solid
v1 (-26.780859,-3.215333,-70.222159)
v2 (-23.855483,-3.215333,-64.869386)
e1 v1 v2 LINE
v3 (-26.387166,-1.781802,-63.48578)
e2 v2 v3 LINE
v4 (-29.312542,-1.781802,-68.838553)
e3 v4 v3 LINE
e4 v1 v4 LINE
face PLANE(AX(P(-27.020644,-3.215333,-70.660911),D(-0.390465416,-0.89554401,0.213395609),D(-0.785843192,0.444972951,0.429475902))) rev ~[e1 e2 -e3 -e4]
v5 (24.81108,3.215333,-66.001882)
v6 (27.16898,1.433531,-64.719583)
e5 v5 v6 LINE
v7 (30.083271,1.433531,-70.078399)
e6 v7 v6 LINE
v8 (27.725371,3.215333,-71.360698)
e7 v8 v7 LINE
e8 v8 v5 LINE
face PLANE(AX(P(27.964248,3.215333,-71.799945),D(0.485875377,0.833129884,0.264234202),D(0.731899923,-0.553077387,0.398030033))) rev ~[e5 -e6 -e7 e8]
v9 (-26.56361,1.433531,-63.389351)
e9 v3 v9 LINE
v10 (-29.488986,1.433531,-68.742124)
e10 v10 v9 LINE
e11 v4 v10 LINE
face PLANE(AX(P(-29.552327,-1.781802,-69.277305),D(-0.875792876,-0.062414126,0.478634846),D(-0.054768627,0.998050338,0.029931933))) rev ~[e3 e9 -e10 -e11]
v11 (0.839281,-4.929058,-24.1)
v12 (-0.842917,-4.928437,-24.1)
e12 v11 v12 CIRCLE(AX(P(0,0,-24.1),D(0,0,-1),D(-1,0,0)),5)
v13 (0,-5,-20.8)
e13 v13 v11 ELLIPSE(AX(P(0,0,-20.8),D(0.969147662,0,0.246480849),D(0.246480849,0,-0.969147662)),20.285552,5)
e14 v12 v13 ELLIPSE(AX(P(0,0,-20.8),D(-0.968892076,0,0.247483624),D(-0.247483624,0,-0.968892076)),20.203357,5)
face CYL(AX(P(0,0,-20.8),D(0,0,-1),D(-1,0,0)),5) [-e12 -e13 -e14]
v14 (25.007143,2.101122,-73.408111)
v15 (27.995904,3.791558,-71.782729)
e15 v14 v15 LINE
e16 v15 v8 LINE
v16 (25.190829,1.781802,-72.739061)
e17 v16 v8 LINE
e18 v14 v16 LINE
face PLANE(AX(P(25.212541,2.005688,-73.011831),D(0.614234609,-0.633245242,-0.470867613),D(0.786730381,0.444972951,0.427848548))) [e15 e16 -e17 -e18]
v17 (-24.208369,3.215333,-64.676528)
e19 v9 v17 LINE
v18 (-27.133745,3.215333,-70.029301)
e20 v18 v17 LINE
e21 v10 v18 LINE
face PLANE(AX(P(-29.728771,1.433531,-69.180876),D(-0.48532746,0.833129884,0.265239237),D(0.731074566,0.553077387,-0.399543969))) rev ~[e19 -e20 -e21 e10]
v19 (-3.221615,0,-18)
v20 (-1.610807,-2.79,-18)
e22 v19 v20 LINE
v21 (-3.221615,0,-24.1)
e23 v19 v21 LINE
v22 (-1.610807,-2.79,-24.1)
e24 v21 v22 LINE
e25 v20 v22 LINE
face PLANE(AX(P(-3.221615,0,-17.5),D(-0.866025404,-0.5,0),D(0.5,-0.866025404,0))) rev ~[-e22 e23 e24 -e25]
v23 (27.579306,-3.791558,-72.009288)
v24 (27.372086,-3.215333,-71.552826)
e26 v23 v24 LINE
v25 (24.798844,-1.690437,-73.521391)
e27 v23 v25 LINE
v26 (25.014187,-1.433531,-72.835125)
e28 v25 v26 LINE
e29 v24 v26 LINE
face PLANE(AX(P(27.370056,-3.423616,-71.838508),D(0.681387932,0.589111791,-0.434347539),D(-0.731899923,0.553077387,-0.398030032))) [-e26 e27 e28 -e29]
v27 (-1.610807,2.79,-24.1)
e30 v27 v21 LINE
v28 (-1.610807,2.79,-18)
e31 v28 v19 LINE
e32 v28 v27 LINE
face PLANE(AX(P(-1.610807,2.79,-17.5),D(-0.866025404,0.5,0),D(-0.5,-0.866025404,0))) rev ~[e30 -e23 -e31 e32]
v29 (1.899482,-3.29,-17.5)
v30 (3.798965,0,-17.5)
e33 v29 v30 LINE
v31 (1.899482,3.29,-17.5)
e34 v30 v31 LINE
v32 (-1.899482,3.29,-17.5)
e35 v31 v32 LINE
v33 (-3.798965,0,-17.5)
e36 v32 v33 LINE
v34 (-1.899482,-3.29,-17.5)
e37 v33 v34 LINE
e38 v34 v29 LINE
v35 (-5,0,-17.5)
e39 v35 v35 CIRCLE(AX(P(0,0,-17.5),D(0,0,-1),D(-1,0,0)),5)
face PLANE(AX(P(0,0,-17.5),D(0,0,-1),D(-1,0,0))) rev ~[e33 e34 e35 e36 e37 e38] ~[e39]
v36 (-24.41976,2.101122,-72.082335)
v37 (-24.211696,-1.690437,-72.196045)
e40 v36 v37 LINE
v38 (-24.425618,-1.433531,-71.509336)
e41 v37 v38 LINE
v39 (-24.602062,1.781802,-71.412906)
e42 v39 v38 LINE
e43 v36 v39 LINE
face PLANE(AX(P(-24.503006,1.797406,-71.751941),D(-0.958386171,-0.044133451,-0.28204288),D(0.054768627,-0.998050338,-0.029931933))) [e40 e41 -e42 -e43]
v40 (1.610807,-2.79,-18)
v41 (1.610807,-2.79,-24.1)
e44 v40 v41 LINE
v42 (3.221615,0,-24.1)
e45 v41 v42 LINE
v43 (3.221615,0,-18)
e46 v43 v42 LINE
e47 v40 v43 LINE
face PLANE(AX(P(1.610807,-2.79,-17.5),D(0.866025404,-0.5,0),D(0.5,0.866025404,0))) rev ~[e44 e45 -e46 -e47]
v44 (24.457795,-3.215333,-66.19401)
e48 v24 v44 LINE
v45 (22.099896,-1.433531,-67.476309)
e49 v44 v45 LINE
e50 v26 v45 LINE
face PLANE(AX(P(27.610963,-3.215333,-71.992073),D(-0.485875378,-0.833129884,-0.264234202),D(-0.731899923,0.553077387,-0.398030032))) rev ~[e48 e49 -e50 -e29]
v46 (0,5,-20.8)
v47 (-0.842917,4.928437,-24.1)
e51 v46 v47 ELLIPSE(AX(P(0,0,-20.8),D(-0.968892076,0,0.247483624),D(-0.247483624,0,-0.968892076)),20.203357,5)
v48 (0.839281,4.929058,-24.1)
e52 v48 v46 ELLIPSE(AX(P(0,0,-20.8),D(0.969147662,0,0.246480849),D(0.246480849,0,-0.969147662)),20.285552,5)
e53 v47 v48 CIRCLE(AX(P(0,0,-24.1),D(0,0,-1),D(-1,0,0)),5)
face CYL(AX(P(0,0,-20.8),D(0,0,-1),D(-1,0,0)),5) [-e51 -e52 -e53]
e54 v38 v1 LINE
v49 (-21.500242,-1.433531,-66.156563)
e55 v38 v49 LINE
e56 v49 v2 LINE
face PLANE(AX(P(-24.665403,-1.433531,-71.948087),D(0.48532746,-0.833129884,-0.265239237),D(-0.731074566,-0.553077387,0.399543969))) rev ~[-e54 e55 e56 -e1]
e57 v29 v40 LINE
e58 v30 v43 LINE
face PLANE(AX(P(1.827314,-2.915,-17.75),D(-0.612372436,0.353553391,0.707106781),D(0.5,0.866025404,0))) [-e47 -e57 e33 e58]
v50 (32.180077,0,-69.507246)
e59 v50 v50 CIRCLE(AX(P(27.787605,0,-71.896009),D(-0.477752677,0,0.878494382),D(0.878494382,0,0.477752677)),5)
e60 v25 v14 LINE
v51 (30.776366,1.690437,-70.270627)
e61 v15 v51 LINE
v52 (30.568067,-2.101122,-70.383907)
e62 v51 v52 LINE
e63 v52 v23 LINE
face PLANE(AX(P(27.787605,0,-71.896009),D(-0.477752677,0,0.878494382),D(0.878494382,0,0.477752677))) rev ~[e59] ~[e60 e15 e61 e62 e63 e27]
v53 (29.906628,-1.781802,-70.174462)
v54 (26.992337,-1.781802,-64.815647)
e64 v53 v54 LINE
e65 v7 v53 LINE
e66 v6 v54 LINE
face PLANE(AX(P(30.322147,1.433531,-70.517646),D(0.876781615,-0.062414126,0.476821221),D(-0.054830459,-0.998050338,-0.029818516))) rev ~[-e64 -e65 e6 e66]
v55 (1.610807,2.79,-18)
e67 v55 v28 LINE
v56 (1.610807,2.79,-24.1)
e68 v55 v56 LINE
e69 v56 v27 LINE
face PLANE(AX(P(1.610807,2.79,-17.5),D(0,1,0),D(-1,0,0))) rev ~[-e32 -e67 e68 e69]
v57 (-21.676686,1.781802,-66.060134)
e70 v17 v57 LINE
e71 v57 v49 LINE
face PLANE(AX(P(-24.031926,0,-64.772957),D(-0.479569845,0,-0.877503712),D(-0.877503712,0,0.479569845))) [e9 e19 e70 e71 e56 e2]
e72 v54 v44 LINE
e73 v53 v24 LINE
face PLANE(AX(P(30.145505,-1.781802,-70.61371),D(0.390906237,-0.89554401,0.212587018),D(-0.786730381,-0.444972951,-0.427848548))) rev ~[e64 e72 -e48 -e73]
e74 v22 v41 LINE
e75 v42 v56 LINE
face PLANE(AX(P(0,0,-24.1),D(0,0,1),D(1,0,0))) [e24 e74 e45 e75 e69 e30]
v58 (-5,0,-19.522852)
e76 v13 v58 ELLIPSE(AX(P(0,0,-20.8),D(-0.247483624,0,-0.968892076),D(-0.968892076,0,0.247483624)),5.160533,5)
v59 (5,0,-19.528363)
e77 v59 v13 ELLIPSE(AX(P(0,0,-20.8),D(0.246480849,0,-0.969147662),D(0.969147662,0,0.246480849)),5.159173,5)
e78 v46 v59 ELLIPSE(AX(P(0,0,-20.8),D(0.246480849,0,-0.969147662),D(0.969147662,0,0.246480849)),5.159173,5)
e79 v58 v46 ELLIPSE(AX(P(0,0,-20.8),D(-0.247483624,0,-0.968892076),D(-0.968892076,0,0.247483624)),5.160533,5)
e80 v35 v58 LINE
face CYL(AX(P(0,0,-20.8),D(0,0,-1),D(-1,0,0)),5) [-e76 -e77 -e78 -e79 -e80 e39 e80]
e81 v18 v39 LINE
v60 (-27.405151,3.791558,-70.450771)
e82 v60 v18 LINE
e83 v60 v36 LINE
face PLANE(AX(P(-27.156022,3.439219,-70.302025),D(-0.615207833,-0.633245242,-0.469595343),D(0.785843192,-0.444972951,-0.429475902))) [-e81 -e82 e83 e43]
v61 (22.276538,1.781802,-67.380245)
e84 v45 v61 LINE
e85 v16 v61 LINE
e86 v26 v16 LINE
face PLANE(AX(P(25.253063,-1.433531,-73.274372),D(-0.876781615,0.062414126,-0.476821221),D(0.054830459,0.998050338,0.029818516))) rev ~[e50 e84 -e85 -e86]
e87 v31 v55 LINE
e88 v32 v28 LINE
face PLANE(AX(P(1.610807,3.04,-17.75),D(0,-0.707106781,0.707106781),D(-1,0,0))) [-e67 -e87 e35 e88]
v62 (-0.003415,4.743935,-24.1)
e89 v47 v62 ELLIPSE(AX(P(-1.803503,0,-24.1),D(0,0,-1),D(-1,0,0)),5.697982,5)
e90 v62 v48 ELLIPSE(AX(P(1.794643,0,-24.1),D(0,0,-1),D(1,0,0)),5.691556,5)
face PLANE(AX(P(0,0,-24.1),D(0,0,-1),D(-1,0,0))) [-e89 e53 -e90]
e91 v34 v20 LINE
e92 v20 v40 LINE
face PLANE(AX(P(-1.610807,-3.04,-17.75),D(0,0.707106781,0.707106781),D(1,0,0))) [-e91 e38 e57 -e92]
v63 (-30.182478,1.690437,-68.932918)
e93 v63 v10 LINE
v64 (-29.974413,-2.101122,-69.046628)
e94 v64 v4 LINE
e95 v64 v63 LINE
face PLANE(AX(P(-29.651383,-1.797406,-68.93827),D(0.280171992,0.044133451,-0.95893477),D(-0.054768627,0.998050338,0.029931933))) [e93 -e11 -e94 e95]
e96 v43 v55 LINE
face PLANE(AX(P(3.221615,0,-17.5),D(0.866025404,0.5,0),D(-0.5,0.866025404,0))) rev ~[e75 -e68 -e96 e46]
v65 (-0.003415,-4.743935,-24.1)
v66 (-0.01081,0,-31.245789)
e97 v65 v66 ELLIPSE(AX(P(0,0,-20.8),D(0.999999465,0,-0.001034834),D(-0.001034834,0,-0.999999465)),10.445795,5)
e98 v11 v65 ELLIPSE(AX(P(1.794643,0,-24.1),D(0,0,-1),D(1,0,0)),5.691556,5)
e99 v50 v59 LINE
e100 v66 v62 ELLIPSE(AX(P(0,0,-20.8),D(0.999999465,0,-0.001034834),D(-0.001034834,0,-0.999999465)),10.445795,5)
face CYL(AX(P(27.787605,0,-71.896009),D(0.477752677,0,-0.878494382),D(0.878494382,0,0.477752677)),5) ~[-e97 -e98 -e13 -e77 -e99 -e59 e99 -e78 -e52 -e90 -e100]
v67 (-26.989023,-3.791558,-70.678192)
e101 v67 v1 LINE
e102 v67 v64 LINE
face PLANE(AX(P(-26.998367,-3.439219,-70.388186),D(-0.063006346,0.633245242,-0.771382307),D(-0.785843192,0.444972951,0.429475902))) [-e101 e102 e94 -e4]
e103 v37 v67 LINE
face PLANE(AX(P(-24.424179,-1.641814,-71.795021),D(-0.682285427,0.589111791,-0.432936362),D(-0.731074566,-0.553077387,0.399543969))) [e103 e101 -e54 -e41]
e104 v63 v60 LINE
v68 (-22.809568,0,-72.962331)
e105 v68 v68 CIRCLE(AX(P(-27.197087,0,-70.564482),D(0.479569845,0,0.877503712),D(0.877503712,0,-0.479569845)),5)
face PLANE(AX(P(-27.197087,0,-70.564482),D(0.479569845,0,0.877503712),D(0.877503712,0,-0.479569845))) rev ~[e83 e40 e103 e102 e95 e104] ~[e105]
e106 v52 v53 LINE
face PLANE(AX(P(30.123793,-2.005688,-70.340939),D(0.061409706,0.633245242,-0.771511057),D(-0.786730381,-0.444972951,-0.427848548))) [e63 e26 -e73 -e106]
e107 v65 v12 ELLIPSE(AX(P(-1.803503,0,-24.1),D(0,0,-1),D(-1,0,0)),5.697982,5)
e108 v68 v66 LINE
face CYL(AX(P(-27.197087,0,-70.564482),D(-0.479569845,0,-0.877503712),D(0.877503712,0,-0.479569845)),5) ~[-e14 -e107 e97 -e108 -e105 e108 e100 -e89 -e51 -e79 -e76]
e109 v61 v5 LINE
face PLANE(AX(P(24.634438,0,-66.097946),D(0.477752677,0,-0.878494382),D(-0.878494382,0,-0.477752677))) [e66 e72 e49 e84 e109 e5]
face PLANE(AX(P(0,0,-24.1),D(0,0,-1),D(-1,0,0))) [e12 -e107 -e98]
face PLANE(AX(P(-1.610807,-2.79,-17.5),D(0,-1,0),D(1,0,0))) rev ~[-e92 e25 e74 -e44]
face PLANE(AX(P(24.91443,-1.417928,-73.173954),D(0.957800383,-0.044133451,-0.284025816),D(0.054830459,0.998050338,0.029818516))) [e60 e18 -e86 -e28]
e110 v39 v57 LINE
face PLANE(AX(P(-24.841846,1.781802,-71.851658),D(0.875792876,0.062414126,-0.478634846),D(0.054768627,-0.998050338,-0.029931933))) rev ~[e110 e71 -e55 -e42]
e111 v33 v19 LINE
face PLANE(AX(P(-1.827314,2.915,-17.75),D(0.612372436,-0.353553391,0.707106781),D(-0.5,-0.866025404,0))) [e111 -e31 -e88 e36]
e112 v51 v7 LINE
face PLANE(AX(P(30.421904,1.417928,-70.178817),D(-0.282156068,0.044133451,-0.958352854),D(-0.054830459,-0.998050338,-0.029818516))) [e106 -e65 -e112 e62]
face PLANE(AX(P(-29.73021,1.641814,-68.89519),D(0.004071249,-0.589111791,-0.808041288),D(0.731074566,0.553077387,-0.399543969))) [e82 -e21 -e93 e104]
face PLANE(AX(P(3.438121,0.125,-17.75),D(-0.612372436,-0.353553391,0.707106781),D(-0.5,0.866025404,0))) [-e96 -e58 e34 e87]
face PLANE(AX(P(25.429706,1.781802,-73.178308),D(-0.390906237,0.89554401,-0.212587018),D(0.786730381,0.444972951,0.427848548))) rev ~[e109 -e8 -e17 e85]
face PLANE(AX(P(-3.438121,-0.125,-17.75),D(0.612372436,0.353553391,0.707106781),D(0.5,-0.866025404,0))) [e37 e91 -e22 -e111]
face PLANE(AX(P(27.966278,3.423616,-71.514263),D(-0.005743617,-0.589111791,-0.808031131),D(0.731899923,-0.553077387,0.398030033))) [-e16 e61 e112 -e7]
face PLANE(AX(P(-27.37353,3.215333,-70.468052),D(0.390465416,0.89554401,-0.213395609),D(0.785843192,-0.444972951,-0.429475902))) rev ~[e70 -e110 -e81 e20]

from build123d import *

# Parameters (mm, degrees)
SKETCH1_W           = 5
SKETCH1_H           = 6.6
BOSS_EXTRUDE1_REACH = 64.005
SKETCH21_R          = 5
BOSS_EXTRUDE2_REACH = 78.152
SKETCH22_R          = 5
CUT_EXTRUDE3_DEPTH  = 6.6
CUT_EXTRUDE4_DEPTH  = 6.6
CUT_EXTRUDE5_DEPTH  = 6.6
CHAMFER2_SIZE       = 0.5


with BuildPart() as part:
    # Sketch1 → Revolve-Thin1 (revolve)
    with BuildSketch(Plane(origin=(0, 0, 0), x_dir=(1, 0, 0), z_dir=(0, 1, 0))):
        with Locations((-2.5, 20.8)):
            Rectangle(SKETCH1_W, SKETCH1_H)
    revolve(axis=Axis((0, 0, -17.5), (0, 0, -1)))

    # Sketch21 → Boss-Extrude1 (add, up to next)
    with BuildSketch(Plane(origin=(-35.950232756, 0, -65.780747057), x_dir=(0.877503712, 0, -0.479569845), z_dir=(0.479569845, 0, 0.877503712)), mode=Mode.PRIVATE) as boss_extrude1_sk1:
        with Locations((9.975052777, 0)):
            Circle(SKETCH21_R)
    boss_extrude1_tool1 = extrude(boss_extrude1_sk1.sketch, amount=BOSS_EXTRUDE1_REACH, mode=Mode.PRIVATE) - part.part
    add(boss_extrude1_tool1.solids().sort_by_distance((-27.197087, 0, -70.564482))[0])

    # Sketch22 → Boss-Extrude2 (add, up to next)
    with BuildSketch(Plane(origin=(36.517428466, 0, -67.14845845), x_dir=(0.878494382, 0, 0.477752677), z_dir=(-0.477752677, 0, 0.878494382)), mode=Mode.PRIVATE) as boss_extrude2_sk1:
        with Locations((-9.937255677, 0)):
            Circle(SKETCH22_R)
    boss_extrude2_tool1 = extrude(boss_extrude2_sk1.sketch, amount=BOSS_EXTRUDE2_REACH, mode=Mode.PRIVATE) - part.part
    add(boss_extrude2_tool1.solids().sort_by_distance((27.787605, 0, -71.896009))[0])

    # Sketch29 → Cut-Extrude3 (cut)
    with BuildSketch(Plane(origin=(-35.950232756, 0, -65.780747057), x_dir=(-0.877503712, 0, 0.479569845), z_dir=(-0.479569845, 0, -0.877503712))):
        Polygon((-7.089955208, 1.433531311), (-9.773978525, 3.215333442), (-12.659076094, 1.781802131), (-12.860150346, -1.433531311), (-10.176127029, -3.215333442), (-7.29102946, -1.781802131), align=None)
    extrude(amount=-CUT_EXTRUDE3_DEPTH, mode=Mode.SUBTRACT)

    # Sketch30 → Cut-Extrude4 (cut)
    with BuildSketch(Plane(origin=(36.517428466, 0, -67.14845845), x_dir=(-0.878494382, 0, -0.477752677), z_dir=(0.477752677, 0, -0.878494382))):
        Polygon((12.621278993, 1.781802131), (9.736181425, 3.215333442), (7.052158108, 1.433531311), (7.25323236, -1.781802131), (10.138329929, -3.215333442), (12.822353245, -1.433531311), align=None)
    extrude(amount=-CUT_EXTRUDE4_DEPTH, mode=Mode.SUBTRACT)

    # Sketch18 → Cut-Extrude5 (cut)
    with BuildSketch(Plane.XY.offset(-17.5)):
        Polygon((1.610807251, 2.79), (-1.610807251, 2.79), (-3.221614502, 0), (-1.610807251, -2.79), (1.610807251, -2.79), (3.221614502, 0), align=None)
    extrude(amount=-CUT_EXTRUDE5_DEPTH, mode=Mode.SUBTRACT)

    # Chamfer2
    chamfer2_edges = [part.edges().sort_by_distance(p)[0] for p in [
        (-29.640549045, -0.17413541, -69.229090352),
        (-28.551150535, 2.324432377, -69.824464101),
        (-26.107688412, 2.498567787, -71.159855321),
        (-24.753624798, 0.17413541, -71.899872792),
        (-25.843023308, -2.324432377, -71.304499043),
        (-28.286485432, -2.498567787, -69.969107823),
        (25.341384472, 0.17413541, -73.226340155),
        (26.696976775, 2.498567787, -72.489126731),
        (29.143197481, 2.324432377, -71.158795526),
        (30.233825884, -0.17413541, -70.565677745),
        (28.87823358, -2.498567787, -71.302891169),
        (26.432012874, -2.324432377, -72.633222374),
        (2.416210877, 1.395, -17.5),
        (0, 2.79, -17.5),
        (-2.416210877, 1.395, -17.5),
        (-2.416210877, -1.395, -17.5),
        (0, -2.79, -17.5),
        (2.416210877, -1.395, -17.5),
    ]]
    chamfer(chamfer2_edges, length=CHAMFER2_SIZE)


solid = part.part
